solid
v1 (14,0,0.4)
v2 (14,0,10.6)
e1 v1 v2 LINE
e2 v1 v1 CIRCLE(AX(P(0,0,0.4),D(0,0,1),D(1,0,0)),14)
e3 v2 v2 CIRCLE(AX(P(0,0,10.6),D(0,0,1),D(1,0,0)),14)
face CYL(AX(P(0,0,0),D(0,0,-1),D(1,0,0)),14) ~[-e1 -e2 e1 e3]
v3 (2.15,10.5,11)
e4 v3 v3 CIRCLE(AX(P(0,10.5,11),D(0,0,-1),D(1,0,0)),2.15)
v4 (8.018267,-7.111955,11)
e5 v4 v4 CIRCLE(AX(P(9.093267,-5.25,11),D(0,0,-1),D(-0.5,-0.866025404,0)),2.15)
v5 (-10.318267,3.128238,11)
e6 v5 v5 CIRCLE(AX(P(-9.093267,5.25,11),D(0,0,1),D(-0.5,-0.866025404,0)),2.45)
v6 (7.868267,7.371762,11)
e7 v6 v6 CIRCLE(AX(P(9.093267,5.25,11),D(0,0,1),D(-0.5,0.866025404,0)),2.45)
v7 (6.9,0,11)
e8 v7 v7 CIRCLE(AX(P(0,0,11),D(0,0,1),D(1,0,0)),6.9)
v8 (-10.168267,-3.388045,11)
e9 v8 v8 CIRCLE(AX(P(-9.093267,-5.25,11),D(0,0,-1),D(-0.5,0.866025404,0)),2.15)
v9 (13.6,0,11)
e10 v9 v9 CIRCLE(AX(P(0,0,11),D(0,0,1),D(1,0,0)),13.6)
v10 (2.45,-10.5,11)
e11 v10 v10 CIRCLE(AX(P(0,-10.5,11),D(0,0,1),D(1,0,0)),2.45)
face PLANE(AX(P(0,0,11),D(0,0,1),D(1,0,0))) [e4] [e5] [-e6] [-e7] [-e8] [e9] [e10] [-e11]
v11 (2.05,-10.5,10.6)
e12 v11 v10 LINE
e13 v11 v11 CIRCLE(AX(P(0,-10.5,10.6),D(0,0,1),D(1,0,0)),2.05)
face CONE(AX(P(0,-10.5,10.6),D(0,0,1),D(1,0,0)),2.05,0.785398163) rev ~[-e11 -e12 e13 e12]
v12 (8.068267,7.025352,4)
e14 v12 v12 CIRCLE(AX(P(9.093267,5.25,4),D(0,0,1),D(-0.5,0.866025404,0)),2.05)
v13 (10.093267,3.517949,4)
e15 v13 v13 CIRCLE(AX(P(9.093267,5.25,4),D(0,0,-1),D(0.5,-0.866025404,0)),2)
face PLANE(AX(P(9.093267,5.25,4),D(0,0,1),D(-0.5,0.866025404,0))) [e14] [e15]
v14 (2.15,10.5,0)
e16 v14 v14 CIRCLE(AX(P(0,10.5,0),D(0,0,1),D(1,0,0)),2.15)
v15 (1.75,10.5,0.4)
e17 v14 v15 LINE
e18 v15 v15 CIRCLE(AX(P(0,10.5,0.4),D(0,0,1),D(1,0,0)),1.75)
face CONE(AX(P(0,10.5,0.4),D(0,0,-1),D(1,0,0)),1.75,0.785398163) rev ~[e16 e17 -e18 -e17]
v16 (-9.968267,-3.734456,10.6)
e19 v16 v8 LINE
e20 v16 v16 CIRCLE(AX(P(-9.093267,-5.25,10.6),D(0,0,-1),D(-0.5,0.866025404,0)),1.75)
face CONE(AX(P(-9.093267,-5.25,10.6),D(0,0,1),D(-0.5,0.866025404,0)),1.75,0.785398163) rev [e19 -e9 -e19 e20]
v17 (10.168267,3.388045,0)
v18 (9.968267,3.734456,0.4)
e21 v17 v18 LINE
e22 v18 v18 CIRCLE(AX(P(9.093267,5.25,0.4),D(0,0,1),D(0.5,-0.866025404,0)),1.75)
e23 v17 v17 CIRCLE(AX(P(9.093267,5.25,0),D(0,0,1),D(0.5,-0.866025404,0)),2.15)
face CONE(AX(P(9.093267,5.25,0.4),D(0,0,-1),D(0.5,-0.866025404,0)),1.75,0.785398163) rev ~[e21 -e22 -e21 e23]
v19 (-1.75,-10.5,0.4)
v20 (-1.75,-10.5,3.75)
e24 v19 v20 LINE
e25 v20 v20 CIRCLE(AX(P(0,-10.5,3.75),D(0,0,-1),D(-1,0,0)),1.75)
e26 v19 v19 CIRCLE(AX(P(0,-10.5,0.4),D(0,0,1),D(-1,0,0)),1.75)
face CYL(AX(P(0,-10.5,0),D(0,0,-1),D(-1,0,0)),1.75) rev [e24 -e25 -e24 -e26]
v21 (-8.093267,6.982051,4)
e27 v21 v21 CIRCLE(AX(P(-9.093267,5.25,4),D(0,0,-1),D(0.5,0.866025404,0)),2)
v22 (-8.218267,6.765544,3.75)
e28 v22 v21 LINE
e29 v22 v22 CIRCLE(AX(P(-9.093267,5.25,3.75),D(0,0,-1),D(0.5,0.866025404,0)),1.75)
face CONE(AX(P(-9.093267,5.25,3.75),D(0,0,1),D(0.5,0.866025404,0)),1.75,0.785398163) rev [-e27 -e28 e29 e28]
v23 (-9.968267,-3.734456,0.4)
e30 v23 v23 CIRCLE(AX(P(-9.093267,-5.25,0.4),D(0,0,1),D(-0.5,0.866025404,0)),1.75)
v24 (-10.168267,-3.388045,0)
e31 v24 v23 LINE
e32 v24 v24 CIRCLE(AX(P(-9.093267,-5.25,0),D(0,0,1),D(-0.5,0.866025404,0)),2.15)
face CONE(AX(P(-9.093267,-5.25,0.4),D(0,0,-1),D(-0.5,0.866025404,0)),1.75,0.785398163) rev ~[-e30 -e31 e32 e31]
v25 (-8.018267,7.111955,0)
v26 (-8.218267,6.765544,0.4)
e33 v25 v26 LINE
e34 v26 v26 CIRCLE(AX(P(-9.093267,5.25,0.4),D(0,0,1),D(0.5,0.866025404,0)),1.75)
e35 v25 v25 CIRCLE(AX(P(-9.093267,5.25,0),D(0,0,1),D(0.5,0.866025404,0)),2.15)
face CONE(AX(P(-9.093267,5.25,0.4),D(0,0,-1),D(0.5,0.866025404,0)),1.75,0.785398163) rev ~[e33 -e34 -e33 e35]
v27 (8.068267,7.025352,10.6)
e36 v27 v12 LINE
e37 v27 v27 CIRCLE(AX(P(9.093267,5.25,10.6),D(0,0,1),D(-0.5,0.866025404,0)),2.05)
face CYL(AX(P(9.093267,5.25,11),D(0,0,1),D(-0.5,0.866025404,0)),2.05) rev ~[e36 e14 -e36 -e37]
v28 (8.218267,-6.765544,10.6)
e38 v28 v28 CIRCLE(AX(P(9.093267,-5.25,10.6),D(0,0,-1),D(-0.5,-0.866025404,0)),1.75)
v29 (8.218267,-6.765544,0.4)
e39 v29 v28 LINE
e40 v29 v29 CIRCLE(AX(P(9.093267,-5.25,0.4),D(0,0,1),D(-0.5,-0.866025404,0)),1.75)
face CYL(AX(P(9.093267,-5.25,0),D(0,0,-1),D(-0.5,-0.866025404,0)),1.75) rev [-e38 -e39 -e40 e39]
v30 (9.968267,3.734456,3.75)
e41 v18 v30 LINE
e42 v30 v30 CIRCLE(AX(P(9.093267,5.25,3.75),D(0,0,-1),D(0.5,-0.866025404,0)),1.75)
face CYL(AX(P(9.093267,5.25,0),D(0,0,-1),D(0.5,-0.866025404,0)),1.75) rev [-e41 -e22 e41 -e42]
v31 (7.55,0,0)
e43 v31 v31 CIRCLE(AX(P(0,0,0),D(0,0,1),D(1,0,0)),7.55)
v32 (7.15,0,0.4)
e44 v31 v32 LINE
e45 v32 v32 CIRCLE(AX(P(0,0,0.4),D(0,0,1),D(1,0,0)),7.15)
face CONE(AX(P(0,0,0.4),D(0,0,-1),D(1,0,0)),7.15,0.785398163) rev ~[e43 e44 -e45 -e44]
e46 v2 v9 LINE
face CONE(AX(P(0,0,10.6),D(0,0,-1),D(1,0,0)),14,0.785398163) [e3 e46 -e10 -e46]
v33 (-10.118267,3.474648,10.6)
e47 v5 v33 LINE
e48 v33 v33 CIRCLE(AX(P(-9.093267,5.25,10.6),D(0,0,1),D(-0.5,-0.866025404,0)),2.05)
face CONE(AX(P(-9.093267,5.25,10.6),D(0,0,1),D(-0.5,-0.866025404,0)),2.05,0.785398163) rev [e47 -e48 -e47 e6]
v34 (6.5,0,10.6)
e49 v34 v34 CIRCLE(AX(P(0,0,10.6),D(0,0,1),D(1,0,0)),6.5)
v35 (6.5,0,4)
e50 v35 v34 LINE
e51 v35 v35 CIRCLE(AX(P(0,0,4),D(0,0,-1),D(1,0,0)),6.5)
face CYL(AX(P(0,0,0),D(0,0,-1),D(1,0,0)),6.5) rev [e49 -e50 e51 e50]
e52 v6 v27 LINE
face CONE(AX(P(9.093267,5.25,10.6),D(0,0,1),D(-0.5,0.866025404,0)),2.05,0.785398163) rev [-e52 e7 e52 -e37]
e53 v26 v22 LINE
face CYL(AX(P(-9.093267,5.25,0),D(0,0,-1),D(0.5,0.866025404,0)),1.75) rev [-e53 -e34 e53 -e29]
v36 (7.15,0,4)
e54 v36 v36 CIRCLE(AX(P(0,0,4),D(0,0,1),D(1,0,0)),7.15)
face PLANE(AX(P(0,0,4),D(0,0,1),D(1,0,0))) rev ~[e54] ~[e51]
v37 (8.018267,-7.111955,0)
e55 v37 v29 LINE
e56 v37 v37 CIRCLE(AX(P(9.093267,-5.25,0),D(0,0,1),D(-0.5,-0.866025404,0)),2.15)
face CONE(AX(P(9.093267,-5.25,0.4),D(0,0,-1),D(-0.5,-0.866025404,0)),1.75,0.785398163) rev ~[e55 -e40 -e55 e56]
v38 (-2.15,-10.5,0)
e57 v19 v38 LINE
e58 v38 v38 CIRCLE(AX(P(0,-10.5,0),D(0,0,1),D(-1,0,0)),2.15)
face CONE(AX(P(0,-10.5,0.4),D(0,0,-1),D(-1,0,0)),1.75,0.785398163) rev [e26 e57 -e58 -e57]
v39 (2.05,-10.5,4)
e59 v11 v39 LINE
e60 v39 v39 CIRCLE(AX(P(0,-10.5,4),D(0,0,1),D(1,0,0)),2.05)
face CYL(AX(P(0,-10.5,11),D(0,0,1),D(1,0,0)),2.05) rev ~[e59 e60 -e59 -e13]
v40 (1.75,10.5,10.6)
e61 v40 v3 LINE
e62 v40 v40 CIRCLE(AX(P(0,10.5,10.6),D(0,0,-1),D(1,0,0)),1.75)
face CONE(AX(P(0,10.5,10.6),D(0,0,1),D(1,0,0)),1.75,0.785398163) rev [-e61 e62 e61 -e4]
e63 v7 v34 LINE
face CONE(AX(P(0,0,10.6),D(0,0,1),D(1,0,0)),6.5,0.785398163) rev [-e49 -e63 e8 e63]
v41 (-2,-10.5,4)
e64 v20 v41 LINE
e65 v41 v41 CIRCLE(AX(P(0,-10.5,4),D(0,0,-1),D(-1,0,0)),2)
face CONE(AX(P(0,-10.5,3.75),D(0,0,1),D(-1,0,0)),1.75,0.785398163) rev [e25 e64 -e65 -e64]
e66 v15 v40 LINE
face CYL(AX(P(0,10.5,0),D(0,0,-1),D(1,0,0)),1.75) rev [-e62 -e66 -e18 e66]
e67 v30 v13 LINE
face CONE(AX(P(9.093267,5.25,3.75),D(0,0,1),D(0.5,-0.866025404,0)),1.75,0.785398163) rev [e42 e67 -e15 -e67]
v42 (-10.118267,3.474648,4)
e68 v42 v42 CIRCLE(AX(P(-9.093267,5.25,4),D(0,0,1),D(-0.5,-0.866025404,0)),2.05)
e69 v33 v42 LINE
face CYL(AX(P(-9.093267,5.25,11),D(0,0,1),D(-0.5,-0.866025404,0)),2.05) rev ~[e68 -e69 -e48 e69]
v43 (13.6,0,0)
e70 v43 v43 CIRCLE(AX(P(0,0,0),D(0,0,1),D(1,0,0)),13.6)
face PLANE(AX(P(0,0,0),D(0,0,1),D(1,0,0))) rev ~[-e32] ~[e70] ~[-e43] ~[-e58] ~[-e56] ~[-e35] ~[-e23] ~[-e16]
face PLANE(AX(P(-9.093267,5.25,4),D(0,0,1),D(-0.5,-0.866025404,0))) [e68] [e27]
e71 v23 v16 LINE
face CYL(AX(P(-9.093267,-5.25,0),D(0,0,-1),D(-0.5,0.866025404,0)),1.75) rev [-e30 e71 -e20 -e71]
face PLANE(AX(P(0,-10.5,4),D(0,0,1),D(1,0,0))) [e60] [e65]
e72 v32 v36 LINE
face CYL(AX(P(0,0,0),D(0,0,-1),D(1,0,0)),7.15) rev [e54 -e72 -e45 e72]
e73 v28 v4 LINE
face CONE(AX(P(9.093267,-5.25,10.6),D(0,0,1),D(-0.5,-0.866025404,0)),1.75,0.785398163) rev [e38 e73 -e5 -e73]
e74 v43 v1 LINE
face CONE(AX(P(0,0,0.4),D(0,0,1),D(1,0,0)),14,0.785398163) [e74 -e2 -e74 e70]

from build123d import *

# Parameters (mm, degrees)
SKETCH101_R           = 14
SKETCH101_R_2         = 6.5
PAD060_DEPTH          = 11
SKETCH102_R           = 7.15
POCKET039_DEPTH       = 4
SKETCH103_R           = 1.75
POCKET040_DEPTH       = 93.19589
POLARPATTERN021_COUNT = 6
SKETCH104_R           = 2.05
POCKET041_DEPTH       = 7
POLARPATTERN022_COUNT = 3
CHAMFER037_SIZE       = 0.25
CHAMFER036_SIZE       = 0.4


with BuildPart() as part:
    # Sketch101 → Pad060 (new body)
    with BuildSketch(Plane.XY):
        Circle(SKETCH101_R)
        Circle(SKETCH101_R_2, mode=Mode.SUBTRACT)
    extrude(amount=PAD060_DEPTH)

    # Sketch102 → Pocket039 (cut)
    with BuildSketch(Plane.XY):
        Circle(SKETCH102_R)
    extrude(amount=POCKET039_DEPTH, mode=Mode.SUBTRACT)

    # Sketch103 → Pocket040 (cut, through all)
    with BuildSketch(Plane.XY):
        with Locations((0, 10.5)):
            Circle(SKETCH103_R)
    pocket040 = extrude(amount=POCKET040_DEPTH, mode=Mode.SUBTRACT)

    # PolarPattern021: Pocket040 ×6 about axis
    polarpattern021_axis = Axis((0, 0, 0), (0, 0, 1))
    for i in range(1, POLARPATTERN021_COUNT):
        add(pocket040.rotate(polarpattern021_axis, i * 360 / POLARPATTERN021_COUNT), mode=Mode.SUBTRACT)

    # Sketch104 (on Plane of DatumPlane006) → Pocket041 (cut)
    with BuildSketch(Plane.XY.offset(11)):
        with Locations((0, -10.5)):
            Circle(SKETCH104_R)
    pocket041 = extrude(amount=-POCKET041_DEPTH, mode=Mode.SUBTRACT)

    # PolarPattern022: Pocket041 ×3 about axis
    polarpattern022_axis = Axis((0, 0, 11), (0, 0, 1))
    for i in range(1, POLARPATTERN022_COUNT):
        add(pocket041.rotate(polarpattern022_axis, i * 360 / POLARPATTERN022_COUNT), mode=Mode.SUBTRACT)

    # Chamfer037
    chamfer037_edges = [part.edges().sort_by_distance(p)[0] for p in [
        (1.75, -10.5, 4),
        (8.218267, 6.765544, 4),
        (-9.968267, 3.734456, 4),
    ]]
    chamfer(chamfer037_edges, length=CHAMFER037_SIZE)

    # Chamfer036
    chamfer036_edges = [part.edges().sort_by_distance(p)[0] for p in [
        (-14, 0, 11),
        (-8.218267, -6.765544, 11),
        (-2.05, -10.5, 11),
        (9.968267, -3.734456, 11),
        (-8.068267, 7.025352, 11),
        (-6.5, 0, 11),
        (10.118267, 3.474648, 11),
        (-1.75, 10.5, 11),
        (-14, 0, 0),
        (1.75, -10.5, 0),
        (-8.218267, -6.765544, 0),
        (-7.15, 0, 0),
        (9.968267, -3.734456, 0),
        (-9.968267, 3.734456, 0),
        (-1.75, 10.5, 0),
        (8.218267, 6.765544, 0),
    ]]
    chamfer(chamfer036_edges, length=CHAMFER036_SIZE)


solid = part.part
